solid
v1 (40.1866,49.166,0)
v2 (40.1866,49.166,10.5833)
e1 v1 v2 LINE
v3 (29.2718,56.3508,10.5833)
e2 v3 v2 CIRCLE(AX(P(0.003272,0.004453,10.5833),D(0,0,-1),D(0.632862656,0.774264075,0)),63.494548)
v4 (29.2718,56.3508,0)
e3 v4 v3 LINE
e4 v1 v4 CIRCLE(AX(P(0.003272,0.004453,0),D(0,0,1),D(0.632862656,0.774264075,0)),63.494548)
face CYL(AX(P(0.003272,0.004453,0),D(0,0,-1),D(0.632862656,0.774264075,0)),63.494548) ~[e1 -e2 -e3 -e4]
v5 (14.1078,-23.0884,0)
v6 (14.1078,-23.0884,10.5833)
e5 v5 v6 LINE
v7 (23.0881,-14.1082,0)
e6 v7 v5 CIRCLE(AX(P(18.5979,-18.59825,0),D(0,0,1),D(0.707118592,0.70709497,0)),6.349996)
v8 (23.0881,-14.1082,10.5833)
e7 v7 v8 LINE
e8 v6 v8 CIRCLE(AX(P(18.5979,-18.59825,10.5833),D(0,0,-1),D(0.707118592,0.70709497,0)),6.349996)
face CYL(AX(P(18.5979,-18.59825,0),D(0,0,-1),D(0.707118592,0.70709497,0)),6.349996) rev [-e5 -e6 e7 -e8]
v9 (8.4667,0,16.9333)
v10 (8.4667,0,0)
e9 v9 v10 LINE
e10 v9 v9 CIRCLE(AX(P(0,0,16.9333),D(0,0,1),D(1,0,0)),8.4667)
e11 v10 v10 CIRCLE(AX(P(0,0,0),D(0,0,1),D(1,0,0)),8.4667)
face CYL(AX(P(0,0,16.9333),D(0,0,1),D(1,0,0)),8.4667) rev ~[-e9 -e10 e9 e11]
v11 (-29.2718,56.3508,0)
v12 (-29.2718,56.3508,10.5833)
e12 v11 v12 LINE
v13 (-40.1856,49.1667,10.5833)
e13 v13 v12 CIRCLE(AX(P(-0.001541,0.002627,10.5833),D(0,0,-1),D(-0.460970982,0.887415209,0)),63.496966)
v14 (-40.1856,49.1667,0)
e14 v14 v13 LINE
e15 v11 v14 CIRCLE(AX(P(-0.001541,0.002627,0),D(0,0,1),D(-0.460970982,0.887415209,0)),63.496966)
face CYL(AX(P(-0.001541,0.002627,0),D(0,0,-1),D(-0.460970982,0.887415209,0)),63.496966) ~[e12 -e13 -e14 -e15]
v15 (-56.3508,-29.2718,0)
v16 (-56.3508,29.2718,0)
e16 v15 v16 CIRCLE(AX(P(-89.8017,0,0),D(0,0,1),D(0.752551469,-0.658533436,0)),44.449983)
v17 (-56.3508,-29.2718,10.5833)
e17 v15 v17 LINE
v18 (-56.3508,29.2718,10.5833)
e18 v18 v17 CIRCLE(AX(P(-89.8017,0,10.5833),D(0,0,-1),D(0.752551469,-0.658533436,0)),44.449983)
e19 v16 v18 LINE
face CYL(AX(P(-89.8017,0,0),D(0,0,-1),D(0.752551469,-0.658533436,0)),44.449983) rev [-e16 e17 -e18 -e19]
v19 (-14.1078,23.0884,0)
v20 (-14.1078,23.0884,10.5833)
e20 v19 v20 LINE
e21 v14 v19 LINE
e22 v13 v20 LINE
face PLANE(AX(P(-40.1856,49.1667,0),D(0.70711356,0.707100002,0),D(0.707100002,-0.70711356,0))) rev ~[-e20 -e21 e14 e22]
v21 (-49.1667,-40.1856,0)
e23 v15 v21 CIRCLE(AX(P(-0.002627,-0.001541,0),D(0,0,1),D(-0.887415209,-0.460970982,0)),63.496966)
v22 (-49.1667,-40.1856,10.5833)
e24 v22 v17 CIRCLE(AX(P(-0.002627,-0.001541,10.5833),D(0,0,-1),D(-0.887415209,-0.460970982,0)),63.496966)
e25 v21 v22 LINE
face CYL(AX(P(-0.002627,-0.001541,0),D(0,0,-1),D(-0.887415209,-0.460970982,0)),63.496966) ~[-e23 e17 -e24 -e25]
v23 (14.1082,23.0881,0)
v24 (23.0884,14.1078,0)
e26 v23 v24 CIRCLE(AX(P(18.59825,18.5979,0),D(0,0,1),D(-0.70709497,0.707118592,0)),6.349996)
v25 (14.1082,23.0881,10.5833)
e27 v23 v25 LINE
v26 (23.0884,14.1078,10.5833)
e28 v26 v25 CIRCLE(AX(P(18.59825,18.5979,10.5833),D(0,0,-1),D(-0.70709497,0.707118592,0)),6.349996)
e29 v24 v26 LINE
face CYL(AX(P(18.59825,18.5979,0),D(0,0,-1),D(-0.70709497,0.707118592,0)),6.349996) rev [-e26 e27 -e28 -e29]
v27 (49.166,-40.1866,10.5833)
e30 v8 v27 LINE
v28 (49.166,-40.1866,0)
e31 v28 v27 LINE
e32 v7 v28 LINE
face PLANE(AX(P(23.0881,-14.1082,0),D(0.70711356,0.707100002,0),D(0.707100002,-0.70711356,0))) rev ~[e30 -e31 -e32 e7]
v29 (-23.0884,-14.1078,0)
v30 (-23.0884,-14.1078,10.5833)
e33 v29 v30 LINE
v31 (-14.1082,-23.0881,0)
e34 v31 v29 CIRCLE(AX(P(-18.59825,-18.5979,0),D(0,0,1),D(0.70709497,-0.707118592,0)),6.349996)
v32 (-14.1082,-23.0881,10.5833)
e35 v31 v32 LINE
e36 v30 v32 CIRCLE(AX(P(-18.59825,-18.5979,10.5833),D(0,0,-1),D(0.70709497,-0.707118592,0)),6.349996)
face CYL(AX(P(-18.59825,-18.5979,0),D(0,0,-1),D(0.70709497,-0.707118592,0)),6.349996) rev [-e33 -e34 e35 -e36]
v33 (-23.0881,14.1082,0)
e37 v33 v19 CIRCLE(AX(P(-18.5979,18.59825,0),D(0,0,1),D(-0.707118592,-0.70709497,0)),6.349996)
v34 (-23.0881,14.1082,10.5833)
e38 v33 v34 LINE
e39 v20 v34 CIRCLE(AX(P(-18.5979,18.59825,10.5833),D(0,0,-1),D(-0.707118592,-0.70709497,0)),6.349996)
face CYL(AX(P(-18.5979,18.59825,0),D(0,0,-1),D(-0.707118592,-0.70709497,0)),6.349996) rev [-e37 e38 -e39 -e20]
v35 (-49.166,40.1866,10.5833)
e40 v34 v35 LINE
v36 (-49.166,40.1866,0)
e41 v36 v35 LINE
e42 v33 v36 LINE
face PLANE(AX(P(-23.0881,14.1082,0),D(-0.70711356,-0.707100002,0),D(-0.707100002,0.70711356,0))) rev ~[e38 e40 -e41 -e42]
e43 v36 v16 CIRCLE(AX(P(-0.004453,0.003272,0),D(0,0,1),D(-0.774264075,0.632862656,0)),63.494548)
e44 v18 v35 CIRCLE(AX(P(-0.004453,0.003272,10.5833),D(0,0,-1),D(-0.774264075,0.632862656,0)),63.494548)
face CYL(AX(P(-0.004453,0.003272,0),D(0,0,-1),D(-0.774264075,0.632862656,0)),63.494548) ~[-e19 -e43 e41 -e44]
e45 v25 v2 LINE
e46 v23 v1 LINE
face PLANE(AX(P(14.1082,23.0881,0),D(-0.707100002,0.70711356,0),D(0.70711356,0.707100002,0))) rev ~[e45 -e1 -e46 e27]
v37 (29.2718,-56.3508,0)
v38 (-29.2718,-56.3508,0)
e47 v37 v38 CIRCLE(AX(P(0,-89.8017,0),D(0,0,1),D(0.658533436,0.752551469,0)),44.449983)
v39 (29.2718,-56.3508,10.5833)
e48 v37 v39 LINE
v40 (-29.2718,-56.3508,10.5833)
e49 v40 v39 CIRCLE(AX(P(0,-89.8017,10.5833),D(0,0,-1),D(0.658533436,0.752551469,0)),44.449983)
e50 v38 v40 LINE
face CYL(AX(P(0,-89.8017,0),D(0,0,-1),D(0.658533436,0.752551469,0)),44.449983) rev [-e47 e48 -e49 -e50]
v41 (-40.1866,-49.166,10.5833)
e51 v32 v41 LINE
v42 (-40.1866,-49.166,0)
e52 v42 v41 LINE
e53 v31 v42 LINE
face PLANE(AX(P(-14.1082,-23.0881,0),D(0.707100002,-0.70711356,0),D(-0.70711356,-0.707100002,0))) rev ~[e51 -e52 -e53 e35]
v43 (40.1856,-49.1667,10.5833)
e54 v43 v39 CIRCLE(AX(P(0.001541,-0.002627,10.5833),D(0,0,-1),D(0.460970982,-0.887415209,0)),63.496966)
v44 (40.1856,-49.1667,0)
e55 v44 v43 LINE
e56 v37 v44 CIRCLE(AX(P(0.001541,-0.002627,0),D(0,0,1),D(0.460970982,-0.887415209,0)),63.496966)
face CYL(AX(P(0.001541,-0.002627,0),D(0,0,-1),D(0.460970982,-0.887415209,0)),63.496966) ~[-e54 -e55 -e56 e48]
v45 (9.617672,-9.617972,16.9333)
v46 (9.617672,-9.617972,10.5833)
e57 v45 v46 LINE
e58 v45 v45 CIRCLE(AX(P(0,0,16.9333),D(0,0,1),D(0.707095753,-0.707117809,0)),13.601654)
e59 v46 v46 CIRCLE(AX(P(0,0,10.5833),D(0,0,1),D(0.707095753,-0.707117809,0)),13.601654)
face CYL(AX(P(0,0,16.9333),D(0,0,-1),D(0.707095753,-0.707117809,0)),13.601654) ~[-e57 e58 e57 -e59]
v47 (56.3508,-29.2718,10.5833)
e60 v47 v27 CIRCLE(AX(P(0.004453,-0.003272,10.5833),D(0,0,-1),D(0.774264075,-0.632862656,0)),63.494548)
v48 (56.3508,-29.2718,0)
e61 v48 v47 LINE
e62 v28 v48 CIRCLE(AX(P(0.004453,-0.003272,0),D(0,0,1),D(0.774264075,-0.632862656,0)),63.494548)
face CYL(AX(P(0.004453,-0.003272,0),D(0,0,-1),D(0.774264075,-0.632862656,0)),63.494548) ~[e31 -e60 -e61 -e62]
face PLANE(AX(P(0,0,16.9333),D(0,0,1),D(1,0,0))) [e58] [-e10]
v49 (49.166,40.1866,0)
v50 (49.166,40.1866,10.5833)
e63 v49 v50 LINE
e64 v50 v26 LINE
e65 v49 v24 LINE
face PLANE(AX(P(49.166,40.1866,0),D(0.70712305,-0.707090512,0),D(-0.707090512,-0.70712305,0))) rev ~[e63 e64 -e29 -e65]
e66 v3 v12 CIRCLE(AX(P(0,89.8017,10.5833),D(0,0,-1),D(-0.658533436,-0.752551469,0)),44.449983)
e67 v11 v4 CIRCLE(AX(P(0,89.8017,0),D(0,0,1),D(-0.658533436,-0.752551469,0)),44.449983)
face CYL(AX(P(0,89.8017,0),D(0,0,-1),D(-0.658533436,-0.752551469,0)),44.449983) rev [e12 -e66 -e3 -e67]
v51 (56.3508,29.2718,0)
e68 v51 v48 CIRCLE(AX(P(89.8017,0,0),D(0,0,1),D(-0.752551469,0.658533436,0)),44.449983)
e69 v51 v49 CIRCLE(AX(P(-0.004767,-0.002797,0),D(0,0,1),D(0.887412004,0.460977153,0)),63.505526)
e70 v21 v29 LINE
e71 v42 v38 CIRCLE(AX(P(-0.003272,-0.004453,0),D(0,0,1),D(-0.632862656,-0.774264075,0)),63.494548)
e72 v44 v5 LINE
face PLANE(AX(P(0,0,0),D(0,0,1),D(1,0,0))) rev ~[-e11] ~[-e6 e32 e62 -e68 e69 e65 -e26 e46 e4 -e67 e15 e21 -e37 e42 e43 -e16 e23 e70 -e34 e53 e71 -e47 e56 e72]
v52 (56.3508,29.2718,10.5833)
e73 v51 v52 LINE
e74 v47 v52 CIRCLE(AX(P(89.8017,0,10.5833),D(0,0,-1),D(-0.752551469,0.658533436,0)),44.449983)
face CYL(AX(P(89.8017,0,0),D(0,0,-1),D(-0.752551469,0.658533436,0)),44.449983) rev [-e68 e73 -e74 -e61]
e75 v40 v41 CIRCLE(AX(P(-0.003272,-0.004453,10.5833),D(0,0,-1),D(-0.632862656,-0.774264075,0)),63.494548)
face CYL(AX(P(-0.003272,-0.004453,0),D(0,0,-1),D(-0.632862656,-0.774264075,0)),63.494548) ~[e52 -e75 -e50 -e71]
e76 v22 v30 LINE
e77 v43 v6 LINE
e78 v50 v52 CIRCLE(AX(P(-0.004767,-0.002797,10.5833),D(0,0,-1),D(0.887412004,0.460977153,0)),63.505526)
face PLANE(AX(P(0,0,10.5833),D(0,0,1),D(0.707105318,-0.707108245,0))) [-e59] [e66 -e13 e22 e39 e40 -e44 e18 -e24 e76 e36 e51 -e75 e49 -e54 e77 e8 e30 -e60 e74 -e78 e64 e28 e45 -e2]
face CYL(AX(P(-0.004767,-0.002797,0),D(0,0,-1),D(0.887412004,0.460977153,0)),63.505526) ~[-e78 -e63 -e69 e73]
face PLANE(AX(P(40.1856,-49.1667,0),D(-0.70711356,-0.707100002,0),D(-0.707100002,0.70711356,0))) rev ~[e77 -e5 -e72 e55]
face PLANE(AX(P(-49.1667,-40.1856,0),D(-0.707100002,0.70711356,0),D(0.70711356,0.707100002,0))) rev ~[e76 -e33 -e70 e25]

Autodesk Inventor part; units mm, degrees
ref_plane "YZ Plane" through (0, 0, 0) normal (1, 0, 0) x (0, 1, 0)
ref_plane "XZ Plane" through (0, 0, 0) normal (0, 1, 0) x (-1, 0, 0)
ref_plane "XY Plane" through (0, 0, 0) normal (0, 0, 1) x (1, 0, 0)
sketch "Sketch4" plane through (0, 0, 0) normal (0, 0, 1) x (1, 0, 0)
  line L0 (0, 0) -> (44.9009, -44.9017) construction
  line L1 (44.9009, -44.9017) -> (89.8017, 0) construction
  line L2 (89.8017, 0) -> (0, 0) construction
  circle A0 centre (0, 0) radius 63.5 construction
  line L3 (40.1856, -49.1667) -> (14.1078, -23.0884)
  line L4 (23.0881, -14.1082) -> (49.166, -40.1866)
  arc A1 (23.0881, -14.1082) -> (14.1078, -23.0884) centre (18.5979, -18.5983) ccw
  arc A2 (56.3508, 29.2718) -> (56.3508, -29.2718) centre (89.8017, 0) ccw
  arc A3 (49.166, -40.1866) -> (56.3508, -29.2718) centre (0, 0) ccw
  arc A4 (56.3508, 29.2718) -> (49.166, 40.1866) centre (0, 0) ccw
  line L5 (49.166, 40.1866) -> (56.3508, 29.2718) construction
  line L6 (56.3508, -29.2718) -> (49.166, -40.1866) construction
  line L7 (0, 0) -> (44.9017, 44.9009) construction
  line L8 (44.9017, 44.9009) -> (0, 89.8017) construction
  line L9 (0, 89.8017) -> (0, 0) construction
  circle A5 centre (0, 0) radius 63.5 construction
  line L10 (49.166, 40.1866) -> (23.0884, 14.1078)
  line L11 (14.1082, 23.0881) -> (40.1866, 49.166)
  arc A6 (14.1082, 23.0881) -> (23.0884, 14.1078) centre (18.5983, 18.5979) ccw
  arc A7 (-29.2718, 56.3508) -> (29.2718, 56.3508) centre (0, 89.8017) ccw
  arc A8 (40.1866, 49.166) -> (29.2718, 56.3508) centre (0, 0) ccw
  arc A9 (-29.2718, 56.3508) -> (-40.1856, 49.1667) centre (0, 0) ccw
  line L12 (-40.1856, 49.1667) -> (-29.2718, 56.3508) construction
  line L13 (29.2718, 56.3508) -> (40.1866, 49.166) construction
  line L14 (0, 0) -> (-44.9008, 44.9017) construction
  line L15 (-44.9008, 44.9017) -> (-89.8017, 0) construction
  line L16 (-89.8017, 0) -> (0, 0) construction
  circle A10 centre (0, 0) radius 63.5 construction
  line L17 (-40.1856, 49.1667) -> (-14.1078, 23.0884)
  line L18 (-23.0881, 14.1082) -> (-49.166, 40.1866)
  arc A11 (-23.0881, 14.1082) -> (-14.1078, 23.0884) centre (-18.5979, 18.5983) ccw
  arc A12 (-56.3508, -29.2718) -> (-56.3508, 29.2718) centre (-89.8017, 0) ccw
  arc A13 (-49.166, 40.1866) -> (-56.3508, 29.2718) centre (0, 0) ccw
  arc A14 (-56.3508, -29.2718) -> (-49.1667, -40.1856) centre (0, 0) ccw
  line L19 (-49.1667, -40.1856) -> (-56.3508, -29.2718) construction
  line L20 (-56.3508, 29.2718) -> (-49.166, 40.1866) construction
  line L21 (0, 0) -> (-44.9017, -44.9008) construction
  line L22 (-44.9017, -44.9008) -> (0, -89.8017) construction
  line L23 (0, -89.8017) -> (0, 0) construction
  circle A15 centre (0, 0) radius 63.5 construction
  line L24 (-49.1667, -40.1856) -> (-23.0884, -14.1078)
  line L25 (-14.1082, -23.0881) -> (-40.1866, -49.166)
  arc A16 (-14.1082, -23.0881) -> (-23.0884, -14.1078) centre (-18.5983, -18.5979) ccw
  arc A17 (29.2718, -56.3508) -> (-29.2718, -56.3508) centre (0, -89.8017) ccw
  arc A18 (-40.1866, -49.166) -> (-29.2718, -56.3508) centre (0, 0) ccw
  arc A19 (29.2718, -56.3508) -> (40.1856, -49.1667) centre (0, 0) ccw
  line L26 (40.1856, -49.1667) -> (29.2718, -56.3508) construction
  line L27 (-29.2718, -56.3508) -> (-40.1866, -49.166) construction
  dimension "d22" = 89.8017
  dimension "d23" = 63.5
  dimension "d27" = 12.7
  dimension "d28" = 37.1983
  dimension "d29" = 44.45
extrude "Extrusion3" add sketch "Sketch4" along normal blind 16.9333
ref_plane "Work Plane1" through (0, 0, 8.4667) normal (0, 0, -1) x (-1, 0, 0)
sketch "Sketch19" plane through (0, 0, 16.9333) normal (0, 0, 1) x (1, 0, 0)
  circle A0 centre (0, 0) radius 8.4667
  dimension "d93" = 16.9333
extrude "Extrusion15" cut sketch "Sketch19" against normal through all
ref_plane "Work Plane5" through (14.1078, -14.1081, 0) normal (0.7071, 0.7071, 0) x (-0.7071, 0.7071, 0)
sketch "Sketch20" plane through (14.1078, -14.1081, 0) normal (0.7071, 0.7071, 0) x (-0.7071, 0.7071, 0)
  line L0 (-6.35, 0) -> (-6.35, 16.9333) projected
  line L1 (-6.35, 0) -> (-6.35, 16.9333)
  line L2 (-6.35, 16.9333) -> (-82.55, 16.9333)
  line L3 (-40.5924, 16.9333) -> (0.8046, 16.9333) projected
  line L4 (-82.55, 16.9333) -> (-82.55, 10.5833)
  line L5 (-6.35, 0) -> (-43.23, 0) projected
  line L6 (-82.55, 0) -> (-6.35, 0) construction
  line L7 (19.9517, 0) -> (19.9517, 76.2)
  line L8 (-6.35, 16.9333) -> (6.35, 16.9333)
  line L9 (6.35, 16.9333) -> (6.35, 0)
  line L10 (6.35, 0) -> (-6.35, 0)
  line L11 (-82.55, 16.9333) -> (-82.55, 10.5833)
  line L12 (-82.55, 10.5833) -> (-6.35, 10.5833)
  line L13 (-6.35, 10.5833) -> (6.35, 10.5833)
  line L14 (-82.55, 10.5833) -> (-82.55, 0) construction
  dimension "d96" = 76.2
  dimension "d97" = 76.2
  dimension "d98" = 12.7
  dimension "d99" = 6.35
revolve "Revolution3" cut sketch "Sketch20" angle 360 about axis through (0, 0, 0) along (0, 0, 1) contours L12 L4 L2 L0 | L0 L3 L8 L9 L13
properties part number "Geneva Driven" material "ABS Plastic"
